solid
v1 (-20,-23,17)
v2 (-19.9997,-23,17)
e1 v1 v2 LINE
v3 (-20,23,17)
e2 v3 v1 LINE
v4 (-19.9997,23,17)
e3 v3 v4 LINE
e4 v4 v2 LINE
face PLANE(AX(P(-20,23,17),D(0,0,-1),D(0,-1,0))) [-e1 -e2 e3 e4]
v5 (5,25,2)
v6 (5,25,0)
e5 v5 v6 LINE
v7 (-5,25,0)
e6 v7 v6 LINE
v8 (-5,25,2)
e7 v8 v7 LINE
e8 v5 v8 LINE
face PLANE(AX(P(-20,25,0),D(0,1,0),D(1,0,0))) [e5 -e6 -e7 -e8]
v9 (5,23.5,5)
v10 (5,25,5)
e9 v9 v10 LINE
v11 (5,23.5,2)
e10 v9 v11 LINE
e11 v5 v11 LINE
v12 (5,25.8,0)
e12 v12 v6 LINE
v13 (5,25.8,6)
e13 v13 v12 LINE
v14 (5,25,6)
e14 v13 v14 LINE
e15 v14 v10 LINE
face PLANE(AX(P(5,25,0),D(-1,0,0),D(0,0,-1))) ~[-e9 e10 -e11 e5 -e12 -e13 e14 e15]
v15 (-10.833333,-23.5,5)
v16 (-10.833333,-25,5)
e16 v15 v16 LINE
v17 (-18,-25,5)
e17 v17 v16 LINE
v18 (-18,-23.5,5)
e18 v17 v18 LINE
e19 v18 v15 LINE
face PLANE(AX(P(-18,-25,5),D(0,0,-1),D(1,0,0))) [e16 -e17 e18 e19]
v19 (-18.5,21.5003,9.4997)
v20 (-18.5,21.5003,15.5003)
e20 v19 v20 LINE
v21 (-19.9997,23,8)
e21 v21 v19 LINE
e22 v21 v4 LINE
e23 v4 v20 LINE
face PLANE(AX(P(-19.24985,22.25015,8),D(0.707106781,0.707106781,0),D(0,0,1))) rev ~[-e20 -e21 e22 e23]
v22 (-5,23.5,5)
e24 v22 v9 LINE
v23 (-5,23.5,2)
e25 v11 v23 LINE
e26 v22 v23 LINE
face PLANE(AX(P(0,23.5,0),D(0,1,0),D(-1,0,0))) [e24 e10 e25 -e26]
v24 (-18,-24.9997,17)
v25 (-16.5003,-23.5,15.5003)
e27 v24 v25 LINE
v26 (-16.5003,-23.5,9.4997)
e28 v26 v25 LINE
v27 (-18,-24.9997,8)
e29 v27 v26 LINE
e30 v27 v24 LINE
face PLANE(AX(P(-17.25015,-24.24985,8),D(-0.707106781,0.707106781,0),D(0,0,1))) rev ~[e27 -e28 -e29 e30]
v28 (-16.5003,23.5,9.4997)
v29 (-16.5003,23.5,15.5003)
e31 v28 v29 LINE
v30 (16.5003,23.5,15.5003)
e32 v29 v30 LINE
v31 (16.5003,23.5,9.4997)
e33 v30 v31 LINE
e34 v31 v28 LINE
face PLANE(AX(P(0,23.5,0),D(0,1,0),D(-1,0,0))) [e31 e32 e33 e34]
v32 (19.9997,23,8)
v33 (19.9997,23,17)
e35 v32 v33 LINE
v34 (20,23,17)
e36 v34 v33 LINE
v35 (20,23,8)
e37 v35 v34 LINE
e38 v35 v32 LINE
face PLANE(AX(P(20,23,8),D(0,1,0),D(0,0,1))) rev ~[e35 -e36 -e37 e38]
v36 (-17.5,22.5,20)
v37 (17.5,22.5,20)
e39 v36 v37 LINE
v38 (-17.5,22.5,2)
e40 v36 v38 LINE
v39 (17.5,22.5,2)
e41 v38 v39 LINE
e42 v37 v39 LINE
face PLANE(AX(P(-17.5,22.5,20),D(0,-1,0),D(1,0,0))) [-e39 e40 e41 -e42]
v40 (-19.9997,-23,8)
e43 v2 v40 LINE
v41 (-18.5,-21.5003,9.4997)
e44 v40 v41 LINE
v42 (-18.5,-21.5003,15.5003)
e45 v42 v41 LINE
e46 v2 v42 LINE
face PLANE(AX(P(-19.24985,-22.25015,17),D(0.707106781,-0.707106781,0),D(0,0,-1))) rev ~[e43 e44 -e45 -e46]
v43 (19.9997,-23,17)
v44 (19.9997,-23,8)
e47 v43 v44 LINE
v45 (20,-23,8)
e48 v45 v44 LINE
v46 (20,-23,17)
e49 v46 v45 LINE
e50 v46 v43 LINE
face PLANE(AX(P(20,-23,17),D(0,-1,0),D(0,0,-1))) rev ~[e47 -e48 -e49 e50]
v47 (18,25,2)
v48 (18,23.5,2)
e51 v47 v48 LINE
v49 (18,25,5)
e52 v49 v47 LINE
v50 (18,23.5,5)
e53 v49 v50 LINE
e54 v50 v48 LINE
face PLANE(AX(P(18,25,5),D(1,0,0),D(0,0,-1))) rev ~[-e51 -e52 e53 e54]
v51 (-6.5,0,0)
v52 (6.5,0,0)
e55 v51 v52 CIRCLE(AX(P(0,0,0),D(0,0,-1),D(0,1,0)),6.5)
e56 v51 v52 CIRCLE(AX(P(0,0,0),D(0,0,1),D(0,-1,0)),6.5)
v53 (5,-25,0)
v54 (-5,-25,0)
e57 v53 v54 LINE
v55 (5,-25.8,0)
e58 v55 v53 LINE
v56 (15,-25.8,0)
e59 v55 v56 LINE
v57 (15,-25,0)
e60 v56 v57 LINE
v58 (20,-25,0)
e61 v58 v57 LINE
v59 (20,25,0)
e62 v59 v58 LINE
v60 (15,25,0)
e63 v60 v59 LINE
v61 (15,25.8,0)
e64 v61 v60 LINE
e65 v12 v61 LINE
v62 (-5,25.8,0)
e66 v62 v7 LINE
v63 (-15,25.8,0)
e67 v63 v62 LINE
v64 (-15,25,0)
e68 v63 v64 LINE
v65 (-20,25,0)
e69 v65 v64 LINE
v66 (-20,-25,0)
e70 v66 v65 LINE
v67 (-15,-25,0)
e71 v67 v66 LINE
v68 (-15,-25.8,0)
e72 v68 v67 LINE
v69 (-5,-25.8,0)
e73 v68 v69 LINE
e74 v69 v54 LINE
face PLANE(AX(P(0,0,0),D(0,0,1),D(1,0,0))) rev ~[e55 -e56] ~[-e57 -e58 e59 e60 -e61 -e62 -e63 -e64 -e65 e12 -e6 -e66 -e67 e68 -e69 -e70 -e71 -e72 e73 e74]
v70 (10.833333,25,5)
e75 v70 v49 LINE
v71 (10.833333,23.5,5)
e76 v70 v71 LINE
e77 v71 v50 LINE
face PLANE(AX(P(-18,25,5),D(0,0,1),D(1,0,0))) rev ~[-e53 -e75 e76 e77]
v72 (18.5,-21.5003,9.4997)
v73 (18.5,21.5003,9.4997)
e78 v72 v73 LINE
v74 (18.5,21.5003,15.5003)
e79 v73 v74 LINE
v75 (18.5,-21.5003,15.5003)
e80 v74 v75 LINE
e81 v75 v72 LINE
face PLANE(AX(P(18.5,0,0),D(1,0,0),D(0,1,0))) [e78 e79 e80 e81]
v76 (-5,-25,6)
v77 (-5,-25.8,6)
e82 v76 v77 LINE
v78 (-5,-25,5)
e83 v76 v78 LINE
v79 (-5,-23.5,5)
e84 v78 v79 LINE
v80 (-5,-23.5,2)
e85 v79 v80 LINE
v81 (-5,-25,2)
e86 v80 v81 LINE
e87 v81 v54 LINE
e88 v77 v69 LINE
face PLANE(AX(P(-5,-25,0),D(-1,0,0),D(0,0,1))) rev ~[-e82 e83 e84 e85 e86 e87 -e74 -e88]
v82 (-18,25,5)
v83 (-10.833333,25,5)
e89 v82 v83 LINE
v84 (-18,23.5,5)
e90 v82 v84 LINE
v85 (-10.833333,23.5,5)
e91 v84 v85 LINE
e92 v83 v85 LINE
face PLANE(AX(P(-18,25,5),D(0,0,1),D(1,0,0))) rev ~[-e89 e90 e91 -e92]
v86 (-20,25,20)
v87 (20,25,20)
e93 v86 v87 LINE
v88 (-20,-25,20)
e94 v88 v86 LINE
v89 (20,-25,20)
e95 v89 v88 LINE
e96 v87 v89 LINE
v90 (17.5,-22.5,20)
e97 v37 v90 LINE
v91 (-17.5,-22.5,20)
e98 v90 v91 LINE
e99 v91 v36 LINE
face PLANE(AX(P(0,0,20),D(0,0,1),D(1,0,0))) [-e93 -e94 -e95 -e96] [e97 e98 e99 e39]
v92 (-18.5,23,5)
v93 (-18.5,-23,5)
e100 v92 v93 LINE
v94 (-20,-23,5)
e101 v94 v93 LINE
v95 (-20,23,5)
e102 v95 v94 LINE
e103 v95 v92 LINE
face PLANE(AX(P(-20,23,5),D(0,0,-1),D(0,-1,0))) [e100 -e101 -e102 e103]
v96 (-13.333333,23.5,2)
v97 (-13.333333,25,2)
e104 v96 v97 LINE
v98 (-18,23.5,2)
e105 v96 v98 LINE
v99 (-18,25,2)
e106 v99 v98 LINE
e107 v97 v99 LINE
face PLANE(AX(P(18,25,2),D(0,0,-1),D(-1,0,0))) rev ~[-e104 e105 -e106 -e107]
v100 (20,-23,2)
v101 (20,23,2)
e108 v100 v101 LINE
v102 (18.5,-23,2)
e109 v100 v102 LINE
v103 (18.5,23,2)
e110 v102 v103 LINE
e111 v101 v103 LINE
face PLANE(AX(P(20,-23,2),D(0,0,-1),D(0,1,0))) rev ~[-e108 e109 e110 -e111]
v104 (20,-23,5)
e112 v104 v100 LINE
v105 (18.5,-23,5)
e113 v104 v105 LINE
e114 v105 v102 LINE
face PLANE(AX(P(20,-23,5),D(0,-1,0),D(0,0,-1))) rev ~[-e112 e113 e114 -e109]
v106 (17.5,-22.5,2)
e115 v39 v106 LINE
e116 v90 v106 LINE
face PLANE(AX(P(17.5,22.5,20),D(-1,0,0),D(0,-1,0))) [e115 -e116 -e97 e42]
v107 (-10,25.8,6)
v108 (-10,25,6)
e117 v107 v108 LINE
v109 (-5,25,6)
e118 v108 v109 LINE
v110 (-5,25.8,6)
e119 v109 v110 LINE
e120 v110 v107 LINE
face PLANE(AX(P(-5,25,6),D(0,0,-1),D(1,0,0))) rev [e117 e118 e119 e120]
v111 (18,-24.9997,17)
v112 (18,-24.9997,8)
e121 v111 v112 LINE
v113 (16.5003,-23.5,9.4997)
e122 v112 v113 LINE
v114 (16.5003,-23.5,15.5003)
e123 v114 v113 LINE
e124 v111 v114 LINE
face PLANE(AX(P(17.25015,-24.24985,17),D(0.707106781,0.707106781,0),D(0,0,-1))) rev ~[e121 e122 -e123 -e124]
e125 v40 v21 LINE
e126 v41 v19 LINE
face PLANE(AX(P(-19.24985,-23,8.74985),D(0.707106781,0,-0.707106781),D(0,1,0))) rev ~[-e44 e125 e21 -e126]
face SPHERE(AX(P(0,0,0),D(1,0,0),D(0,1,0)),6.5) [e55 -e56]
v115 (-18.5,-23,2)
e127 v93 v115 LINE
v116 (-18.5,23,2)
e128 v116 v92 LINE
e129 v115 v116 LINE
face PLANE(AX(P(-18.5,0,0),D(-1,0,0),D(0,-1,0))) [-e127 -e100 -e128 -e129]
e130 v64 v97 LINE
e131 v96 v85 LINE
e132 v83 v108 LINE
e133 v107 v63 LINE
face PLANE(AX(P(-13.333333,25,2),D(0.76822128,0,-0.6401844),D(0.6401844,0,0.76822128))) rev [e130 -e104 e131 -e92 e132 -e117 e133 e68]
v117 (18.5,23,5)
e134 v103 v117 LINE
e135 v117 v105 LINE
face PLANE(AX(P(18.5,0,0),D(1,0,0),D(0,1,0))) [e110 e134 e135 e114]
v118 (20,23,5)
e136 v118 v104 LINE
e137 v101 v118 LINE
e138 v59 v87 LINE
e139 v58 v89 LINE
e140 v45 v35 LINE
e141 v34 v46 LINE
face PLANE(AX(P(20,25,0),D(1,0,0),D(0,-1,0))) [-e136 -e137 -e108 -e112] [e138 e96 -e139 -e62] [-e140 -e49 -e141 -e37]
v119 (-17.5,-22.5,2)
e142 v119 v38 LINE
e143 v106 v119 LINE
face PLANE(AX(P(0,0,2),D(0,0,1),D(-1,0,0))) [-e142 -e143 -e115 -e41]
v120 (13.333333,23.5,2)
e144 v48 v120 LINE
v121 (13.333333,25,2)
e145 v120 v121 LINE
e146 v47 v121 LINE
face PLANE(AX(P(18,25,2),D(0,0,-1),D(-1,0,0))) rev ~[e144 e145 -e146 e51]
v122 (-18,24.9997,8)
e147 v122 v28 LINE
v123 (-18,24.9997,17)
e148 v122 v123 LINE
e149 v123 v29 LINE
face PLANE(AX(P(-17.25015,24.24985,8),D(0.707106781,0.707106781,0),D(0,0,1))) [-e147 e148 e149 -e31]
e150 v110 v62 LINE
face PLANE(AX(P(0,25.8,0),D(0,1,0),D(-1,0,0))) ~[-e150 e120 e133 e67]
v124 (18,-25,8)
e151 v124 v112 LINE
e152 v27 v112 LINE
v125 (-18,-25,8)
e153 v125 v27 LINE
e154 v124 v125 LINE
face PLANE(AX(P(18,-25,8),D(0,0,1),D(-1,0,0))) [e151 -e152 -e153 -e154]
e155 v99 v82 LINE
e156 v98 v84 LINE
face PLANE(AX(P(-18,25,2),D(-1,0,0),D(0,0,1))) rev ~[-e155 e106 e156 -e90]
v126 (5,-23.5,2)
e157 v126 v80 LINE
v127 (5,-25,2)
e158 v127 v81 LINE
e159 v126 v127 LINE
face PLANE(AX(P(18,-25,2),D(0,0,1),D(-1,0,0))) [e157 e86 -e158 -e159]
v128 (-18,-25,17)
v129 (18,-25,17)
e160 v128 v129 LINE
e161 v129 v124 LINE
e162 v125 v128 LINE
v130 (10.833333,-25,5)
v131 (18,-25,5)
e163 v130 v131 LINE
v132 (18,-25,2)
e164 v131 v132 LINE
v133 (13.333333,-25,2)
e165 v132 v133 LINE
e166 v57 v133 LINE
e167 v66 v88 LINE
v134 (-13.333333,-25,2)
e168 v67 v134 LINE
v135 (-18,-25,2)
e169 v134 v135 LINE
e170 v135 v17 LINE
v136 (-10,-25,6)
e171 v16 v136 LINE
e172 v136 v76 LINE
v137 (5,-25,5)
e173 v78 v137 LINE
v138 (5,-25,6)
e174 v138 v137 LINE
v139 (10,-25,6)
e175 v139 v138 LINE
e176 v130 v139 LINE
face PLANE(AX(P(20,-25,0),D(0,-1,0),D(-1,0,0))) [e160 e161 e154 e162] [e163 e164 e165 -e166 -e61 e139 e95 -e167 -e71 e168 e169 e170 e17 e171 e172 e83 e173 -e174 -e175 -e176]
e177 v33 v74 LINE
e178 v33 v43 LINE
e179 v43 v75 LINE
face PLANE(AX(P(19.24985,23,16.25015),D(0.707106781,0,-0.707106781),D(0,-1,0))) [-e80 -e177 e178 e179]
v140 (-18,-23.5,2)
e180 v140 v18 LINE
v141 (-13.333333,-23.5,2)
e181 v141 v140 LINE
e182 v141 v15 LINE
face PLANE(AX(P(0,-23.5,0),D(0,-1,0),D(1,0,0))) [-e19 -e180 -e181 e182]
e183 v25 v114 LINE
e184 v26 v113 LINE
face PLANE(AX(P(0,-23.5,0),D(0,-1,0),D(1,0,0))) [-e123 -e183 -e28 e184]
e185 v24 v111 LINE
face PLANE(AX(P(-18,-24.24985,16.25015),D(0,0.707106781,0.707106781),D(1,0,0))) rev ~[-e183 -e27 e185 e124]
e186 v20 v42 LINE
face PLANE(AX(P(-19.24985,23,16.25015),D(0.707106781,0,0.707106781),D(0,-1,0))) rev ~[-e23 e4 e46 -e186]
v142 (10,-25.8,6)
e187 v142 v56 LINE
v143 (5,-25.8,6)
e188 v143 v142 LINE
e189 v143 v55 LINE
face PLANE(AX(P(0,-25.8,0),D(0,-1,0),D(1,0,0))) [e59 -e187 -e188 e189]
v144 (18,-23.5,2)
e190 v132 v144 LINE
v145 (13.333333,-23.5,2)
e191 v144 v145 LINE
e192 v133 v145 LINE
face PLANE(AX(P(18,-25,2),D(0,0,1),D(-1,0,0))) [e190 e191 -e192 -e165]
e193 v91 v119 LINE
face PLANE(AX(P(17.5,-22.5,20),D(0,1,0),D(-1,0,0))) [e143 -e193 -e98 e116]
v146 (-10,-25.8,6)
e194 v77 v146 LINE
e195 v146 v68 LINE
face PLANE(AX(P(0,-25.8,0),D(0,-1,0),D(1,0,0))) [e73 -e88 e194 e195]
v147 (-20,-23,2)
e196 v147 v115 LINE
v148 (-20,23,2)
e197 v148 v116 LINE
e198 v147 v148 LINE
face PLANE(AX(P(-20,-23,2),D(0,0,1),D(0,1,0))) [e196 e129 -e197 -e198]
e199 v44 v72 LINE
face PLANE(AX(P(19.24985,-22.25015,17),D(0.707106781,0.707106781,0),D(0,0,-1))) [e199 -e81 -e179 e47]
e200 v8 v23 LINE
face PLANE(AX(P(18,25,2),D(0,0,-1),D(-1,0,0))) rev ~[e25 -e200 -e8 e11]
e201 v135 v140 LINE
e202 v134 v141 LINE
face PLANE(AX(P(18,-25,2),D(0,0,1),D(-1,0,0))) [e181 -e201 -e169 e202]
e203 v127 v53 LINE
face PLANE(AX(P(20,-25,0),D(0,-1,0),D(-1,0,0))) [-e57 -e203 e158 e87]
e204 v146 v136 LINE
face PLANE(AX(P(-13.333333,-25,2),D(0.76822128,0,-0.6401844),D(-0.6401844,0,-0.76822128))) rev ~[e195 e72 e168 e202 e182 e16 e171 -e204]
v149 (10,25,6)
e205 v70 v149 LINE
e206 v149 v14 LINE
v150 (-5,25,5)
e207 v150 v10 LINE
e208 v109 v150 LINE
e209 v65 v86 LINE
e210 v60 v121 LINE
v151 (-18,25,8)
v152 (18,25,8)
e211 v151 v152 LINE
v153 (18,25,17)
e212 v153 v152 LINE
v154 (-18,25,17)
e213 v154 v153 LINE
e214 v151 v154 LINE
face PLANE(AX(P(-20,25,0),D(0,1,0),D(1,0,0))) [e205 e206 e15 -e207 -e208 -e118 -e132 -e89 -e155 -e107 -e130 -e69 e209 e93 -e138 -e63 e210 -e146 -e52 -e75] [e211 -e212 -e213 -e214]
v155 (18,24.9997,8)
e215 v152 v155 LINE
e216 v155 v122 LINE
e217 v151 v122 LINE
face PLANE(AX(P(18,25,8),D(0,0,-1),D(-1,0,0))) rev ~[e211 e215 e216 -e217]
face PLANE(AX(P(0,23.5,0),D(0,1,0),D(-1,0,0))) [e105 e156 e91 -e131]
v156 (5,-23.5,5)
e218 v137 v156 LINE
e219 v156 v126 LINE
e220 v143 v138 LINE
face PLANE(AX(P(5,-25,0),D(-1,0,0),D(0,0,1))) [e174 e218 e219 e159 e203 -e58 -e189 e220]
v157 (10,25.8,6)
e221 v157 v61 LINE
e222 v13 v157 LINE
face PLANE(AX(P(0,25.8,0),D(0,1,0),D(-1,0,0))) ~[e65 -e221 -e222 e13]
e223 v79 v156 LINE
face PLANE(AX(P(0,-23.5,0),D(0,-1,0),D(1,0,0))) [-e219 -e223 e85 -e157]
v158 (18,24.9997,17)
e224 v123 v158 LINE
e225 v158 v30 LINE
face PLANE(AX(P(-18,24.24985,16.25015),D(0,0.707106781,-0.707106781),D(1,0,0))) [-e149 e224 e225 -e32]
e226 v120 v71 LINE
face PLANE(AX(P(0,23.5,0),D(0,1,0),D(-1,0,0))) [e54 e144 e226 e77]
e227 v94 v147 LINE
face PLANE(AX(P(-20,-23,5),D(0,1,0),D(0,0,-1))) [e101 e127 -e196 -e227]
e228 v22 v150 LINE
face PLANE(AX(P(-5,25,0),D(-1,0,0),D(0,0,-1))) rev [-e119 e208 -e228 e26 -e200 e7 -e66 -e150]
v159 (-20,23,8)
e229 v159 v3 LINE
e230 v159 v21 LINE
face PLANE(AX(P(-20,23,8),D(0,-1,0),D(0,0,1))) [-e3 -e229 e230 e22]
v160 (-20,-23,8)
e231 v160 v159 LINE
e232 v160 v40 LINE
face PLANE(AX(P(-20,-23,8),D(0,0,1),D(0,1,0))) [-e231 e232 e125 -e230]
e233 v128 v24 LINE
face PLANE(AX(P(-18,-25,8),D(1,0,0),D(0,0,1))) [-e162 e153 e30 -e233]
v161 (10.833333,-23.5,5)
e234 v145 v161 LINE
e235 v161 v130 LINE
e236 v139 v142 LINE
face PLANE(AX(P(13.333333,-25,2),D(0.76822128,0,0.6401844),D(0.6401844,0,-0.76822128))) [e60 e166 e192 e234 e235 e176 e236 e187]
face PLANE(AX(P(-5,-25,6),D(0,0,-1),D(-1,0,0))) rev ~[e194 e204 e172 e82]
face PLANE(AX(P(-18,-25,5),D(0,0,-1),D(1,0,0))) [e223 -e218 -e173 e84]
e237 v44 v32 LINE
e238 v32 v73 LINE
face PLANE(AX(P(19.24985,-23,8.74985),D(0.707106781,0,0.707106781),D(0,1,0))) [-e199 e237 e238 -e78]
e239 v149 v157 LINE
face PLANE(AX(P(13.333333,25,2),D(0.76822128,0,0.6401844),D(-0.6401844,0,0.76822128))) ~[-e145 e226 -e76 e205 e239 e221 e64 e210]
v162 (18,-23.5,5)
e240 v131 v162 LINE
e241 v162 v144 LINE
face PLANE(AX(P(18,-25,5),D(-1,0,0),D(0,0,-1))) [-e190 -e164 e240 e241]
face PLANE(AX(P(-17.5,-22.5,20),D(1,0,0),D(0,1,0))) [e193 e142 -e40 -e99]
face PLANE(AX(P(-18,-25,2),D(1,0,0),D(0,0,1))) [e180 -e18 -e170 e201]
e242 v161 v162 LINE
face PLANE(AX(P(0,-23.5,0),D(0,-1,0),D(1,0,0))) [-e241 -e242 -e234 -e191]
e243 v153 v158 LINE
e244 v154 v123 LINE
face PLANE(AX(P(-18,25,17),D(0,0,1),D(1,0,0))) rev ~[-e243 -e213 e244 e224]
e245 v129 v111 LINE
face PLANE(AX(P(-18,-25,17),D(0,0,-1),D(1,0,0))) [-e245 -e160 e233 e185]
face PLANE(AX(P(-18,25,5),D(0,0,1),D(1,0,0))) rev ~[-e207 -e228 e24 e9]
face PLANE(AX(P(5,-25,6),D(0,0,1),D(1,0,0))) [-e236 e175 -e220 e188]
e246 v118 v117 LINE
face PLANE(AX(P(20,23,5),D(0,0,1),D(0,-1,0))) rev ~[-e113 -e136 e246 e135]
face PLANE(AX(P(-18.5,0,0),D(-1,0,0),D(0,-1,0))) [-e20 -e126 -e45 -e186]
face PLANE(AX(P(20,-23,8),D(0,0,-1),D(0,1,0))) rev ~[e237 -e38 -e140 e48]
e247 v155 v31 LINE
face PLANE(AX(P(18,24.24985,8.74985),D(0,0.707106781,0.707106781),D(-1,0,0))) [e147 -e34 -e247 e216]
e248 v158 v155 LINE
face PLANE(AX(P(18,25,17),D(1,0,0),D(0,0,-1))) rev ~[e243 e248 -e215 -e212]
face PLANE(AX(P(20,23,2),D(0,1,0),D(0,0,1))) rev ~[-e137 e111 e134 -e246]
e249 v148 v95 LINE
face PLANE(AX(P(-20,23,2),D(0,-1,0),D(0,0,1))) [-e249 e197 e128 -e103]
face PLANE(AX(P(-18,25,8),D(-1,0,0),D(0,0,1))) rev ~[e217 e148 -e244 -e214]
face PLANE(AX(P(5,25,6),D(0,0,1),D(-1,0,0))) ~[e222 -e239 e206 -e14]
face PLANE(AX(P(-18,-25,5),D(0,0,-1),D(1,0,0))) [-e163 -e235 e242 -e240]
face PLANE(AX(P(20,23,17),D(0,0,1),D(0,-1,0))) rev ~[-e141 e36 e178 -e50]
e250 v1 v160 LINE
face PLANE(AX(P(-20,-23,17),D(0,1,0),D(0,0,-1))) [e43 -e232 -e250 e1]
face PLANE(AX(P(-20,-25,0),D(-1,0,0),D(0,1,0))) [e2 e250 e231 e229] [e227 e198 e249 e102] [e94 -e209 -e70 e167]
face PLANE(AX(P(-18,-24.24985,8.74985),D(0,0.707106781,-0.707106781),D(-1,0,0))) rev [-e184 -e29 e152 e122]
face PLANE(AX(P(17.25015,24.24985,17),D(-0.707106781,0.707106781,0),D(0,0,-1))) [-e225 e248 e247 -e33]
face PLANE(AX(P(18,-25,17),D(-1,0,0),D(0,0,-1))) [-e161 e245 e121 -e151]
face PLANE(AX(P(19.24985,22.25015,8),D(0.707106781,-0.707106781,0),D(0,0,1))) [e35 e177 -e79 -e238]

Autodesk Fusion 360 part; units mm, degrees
sphere "EsferaPrimitiva1" add diameter 13 placed x (0, 1, 0) y (0, 0, 1) z (1, 0, 0) at (0, 0, 0)
sketch "Boceto2" plane through (0, 0, 0) normal (0, 1, 0) x (1, 0, 0)
  circle A0 centre (0, 0) radius 20
  dimension "d2" = 40
sketch "Boceto1" plane through (0, 0, 0) normal (0, 1, 0) x (1, 0, 0)
  circle A0 centre (0, 0) radius 10
  line L0 (0, 0) -> (0, -13.2142)
  dimension "d1" = 20

Autodesk Fusion 360 part; units mm, degrees
sketch "Sketch1" plane through (0, 0, 0) normal (0, 0, 1) x (1, 0, 0)
  line L0 (20, -25) -> (-20, -25)
  line L1 (-20, -25) -> (-20, 25)
  line L2 (-20, 25) -> (20, 25)
  line L3 (20, 25) -> (20, -25)
  line L4 (20, -25) -> (-20, 25) construction
  line L5 (-20, -25) -> (20, 25) construction
  dimension "d1" = 40
  dimension "d2" = 50
extrude "Extrude1" add sketch "Sketch1" along normal blind 20
sketch "Sketch2" plane through (0, 25, 0) normal (0, 1, 0) x (-1, 0, 0)
  line L0 (-20, 0) -> (20, 0)
  line L1 (20, 0) -> (20, 20)
  line L2 (20, 20) -> (-20, 20)
  line L3 (-20, 20) -> (-20, 0)
  line L4 (0, 9) -> (0, 20) construction
  line L5 (0, 9) -> (0, 8) construction
  line L6 (0, 8) -> (18, 8)
  line L7 (18, 8) -> (18, 17)
  line L8 (18, 17) -> (-18, 17)
  line L9 (-18, 17) -> (-18, 8)
  line L10 (-18, 8) -> (0, 8)
  line L11 (-18, 8) -> (-18, 2) construction
  line L12 (-18, 2) -> (18, 2) construction
  line L13 (18, 2) -> (18, 8) construction
  line L14 (-18, 2) -> (18, 2)
  line L15 (18, 2) -> (18, 5)
  line L16 (18, 5) -> (-18, 5)
  line L17 (-18, 5) -> (-18, 2)
  line L18 (20, 0) -> (20, 20)
  dimension "d5" = 3
  dimension "d8" = 2
  dimension "d9" = 6
  dimension "d13" = 2
  dimension "d43" = 2
sketch "Sketch3" plane through (-20, 0, 0) normal (-1, 0, 0) x (0, -1, 0)
  line L0 (-25, 0) -> (25, 0)
  line L1 (25, 0) -> (25, 20)
  line L2 (25, 20) -> (-25, 20)
  line L3 (-25, 20) -> (-25, 0)
  line L4 (-23, 17) -> (23, 17)
  line L5 (23, 17) -> (23, 8)
  line L6 (23, 8) -> (-23, 8)
  line L7 (-23, 8) -> (-23, 17)
  line L8 (-23, 5) -> (23, 5)
  line L9 (23, 5) -> (23, 2)
  line L10 (23, 2) -> (-23, 2)
  line L11 (-23, 2) -> (-23, 5)
  dimension "d14" = 3
  dimension "d15" = 2
  dimension "d16" = 2
  dimension "d18" = 2
  dimension "d19" = 2
  dimension "d20" = 6
  dimension "d21" = 3
  dimension "d22" = 2
sketch "Sketch4" plane through (20, 0, 0) normal (1, 0, 0) x (0, 1, 0)
  line L0 (-25, 0) -> (25, 0)
  line L1 (25, 0) -> (25, 20)
  line L2 (25, 20) -> (-25, 20)
  line L3 (-25, 20) -> (-25, 0)
  line L4 (-23, 8) -> (23, 8)
  line L5 (23, 8) -> (23, 17)
  line L6 (-23, 17) -> (-23, 8)
  line L7 (23, 17) -> (-23, 17)
  line L8 (-23, 2) -> (23, 2)
  line L9 (23, 2) -> (23, 5)
  line L10 (-23, 5) -> (-23, 2)
  line L11 (23, 5) -> (-23, 5)
sketch "Sketch5" plane through (0, -25, 0) normal (0, -1, 0) x (1, 0, 0)
  line L0 (-20, 0) -> (20, 0)
  line L1 (20, 0) -> (20, 20)
  line L2 (20, 20) -> (-20, 20)
  line L3 (-20, 20) -> (-20, 0)
  line L4 (-18, 8) -> (-18, 17)
  line L5 (-18, 17) -> (18, 17)
  line L6 (18, 17) -> (18, 8)
  line L7 (0, 8) -> (-18, 8)
  line L8 (18, 8) -> (0, 8)
  line L9 (18, 2) -> (-18, 2)
  line L10 (-18, 2) -> (-18, 5)
  line L11 (18, 5) -> (18, 2)
  line L12 (-18, 5) -> (18, 5)
extrude "Extrude2" cut sketch "Sketch2" against normal blind 1.5 contours L6 L7 L8 L9 L10 | L14 L15 L16 L17
extrude "Extrude3" cut sketch "Sketch3" against normal blind 1.5 contours L4 L5 L6 L7 | L8 L9 L10 L11
extrude "Extrude4" cut sketch "Sketch5" against normal blind 1.5 contours L4 L5 L6 L7 L8 | L9 L10 L11 L12
extrude "Extrude5" cut sketch "Sketch4" against normal blind 1.5 contours L4 L5 L6 L7 | L8 L9 L10 L11
chamfer "Chamfer1" distance 1.5 angle 45 5 edges at (18, 23.5, 12.5) (0, 23.5, 17) (-18, 23.5, 12.5) (0, 23.5, 8) (18.5, 0, 8) 3 faces at (18.5, -7.6667, 14) (-6, -23.5, 14) (-18.5, 7.6667, 14)
sketch "Sketch6" plane through (0, 0, 20) normal (0, 0, 1) x (-1, 0, 0)
  line L0 (-20, -25) -> (20, -25)
  line L1 (20, -25) -> (20, 25)
  line L2 (20, 25) -> (-20, 25)
  line L3 (-20, 25) -> (-20, -25)
  line L4 (-17.5, 22.5) -> (17.5, 22.5)
  line L5 (17.5, 22.5) -> (17.5, -22.5)
  line L6 (17.5, -22.5) -> (-17.5, -22.5)
  line L7 (-17.5, -22.5) -> (-17.5, 22.5)
  line L8 (-17.5, 22.5) -> (17.5, -22.5) construction
  line L9 (17.5, 22.5) -> (-17.5, -22.5) construction
  dimension "d29" = 2.5
  dimension "d30" = 2.5
extrude "Extrude6" cut sketch "Sketch6" against normal blind 18 contours L4 L5 L6 L7
sketch "Sketch7" plane through (0, -25, 0) normal (0, -1, 0) x (1, 0, 0)
  line L0 (18, 2) -> (-18, 2)
  line L1 (-18, 5) -> (18, 5)
  line L2 (18, 5) -> (18, 2)
  line L3 (-20, 0) -> (20, 0)
  line L4 (20, 0) -> (20, 20)
  line L5 (20, 20) -> (-20, 20)
  line L6 (-20, 20) -> (-20, 0)
  line L7 (0, 0) -> (0, 20)
  line L8 (0, 0) -> (-5, 0) construction
  line L9 (-5, 0) -> (-5, 6)
  line L10 (-5, 6) -> (-10, 6)
  line L11 (-10, 6) -> (-15, 0)
  line L12 (-5, 0) -> (-15, 0)
  line L13 (10, 6) -> (15, 0)
  line L14 (5, 0) -> (15, 0)
  line L15 (5, 6) -> (10, 6)
  line L16 (5, 0) -> (5, 6)
  line L17 (-18, 17) -> (18, 17)
  line L18 (18, 17) -> (18, 8)
  line L19 (18, 8) -> (-18, 8)
  line L20 (-18, 8) -> (-18, 17)
  line L21 (-18, 2) -> (-18, 5)
  dimension "d33" = 6
  dimension "d34" = 5
  dimension "d35" = 10
  dimension "d36" = 5
extrude "Extrude7" add sketch "Sketch7" along normal blind 0.8 and the other way blind 2 contours L0 L3 L13 L14 L16 | L0 L1 L13 L16 | L1 L13 L15 L16 | L0 L3 L9 L11 L12 | L0 L1 L9 L11 | L1 L9 L10 L11
mirror "Mirror1" about plane through (0, 0, 0) normal (0, 1, 0) of "Extrude7"
